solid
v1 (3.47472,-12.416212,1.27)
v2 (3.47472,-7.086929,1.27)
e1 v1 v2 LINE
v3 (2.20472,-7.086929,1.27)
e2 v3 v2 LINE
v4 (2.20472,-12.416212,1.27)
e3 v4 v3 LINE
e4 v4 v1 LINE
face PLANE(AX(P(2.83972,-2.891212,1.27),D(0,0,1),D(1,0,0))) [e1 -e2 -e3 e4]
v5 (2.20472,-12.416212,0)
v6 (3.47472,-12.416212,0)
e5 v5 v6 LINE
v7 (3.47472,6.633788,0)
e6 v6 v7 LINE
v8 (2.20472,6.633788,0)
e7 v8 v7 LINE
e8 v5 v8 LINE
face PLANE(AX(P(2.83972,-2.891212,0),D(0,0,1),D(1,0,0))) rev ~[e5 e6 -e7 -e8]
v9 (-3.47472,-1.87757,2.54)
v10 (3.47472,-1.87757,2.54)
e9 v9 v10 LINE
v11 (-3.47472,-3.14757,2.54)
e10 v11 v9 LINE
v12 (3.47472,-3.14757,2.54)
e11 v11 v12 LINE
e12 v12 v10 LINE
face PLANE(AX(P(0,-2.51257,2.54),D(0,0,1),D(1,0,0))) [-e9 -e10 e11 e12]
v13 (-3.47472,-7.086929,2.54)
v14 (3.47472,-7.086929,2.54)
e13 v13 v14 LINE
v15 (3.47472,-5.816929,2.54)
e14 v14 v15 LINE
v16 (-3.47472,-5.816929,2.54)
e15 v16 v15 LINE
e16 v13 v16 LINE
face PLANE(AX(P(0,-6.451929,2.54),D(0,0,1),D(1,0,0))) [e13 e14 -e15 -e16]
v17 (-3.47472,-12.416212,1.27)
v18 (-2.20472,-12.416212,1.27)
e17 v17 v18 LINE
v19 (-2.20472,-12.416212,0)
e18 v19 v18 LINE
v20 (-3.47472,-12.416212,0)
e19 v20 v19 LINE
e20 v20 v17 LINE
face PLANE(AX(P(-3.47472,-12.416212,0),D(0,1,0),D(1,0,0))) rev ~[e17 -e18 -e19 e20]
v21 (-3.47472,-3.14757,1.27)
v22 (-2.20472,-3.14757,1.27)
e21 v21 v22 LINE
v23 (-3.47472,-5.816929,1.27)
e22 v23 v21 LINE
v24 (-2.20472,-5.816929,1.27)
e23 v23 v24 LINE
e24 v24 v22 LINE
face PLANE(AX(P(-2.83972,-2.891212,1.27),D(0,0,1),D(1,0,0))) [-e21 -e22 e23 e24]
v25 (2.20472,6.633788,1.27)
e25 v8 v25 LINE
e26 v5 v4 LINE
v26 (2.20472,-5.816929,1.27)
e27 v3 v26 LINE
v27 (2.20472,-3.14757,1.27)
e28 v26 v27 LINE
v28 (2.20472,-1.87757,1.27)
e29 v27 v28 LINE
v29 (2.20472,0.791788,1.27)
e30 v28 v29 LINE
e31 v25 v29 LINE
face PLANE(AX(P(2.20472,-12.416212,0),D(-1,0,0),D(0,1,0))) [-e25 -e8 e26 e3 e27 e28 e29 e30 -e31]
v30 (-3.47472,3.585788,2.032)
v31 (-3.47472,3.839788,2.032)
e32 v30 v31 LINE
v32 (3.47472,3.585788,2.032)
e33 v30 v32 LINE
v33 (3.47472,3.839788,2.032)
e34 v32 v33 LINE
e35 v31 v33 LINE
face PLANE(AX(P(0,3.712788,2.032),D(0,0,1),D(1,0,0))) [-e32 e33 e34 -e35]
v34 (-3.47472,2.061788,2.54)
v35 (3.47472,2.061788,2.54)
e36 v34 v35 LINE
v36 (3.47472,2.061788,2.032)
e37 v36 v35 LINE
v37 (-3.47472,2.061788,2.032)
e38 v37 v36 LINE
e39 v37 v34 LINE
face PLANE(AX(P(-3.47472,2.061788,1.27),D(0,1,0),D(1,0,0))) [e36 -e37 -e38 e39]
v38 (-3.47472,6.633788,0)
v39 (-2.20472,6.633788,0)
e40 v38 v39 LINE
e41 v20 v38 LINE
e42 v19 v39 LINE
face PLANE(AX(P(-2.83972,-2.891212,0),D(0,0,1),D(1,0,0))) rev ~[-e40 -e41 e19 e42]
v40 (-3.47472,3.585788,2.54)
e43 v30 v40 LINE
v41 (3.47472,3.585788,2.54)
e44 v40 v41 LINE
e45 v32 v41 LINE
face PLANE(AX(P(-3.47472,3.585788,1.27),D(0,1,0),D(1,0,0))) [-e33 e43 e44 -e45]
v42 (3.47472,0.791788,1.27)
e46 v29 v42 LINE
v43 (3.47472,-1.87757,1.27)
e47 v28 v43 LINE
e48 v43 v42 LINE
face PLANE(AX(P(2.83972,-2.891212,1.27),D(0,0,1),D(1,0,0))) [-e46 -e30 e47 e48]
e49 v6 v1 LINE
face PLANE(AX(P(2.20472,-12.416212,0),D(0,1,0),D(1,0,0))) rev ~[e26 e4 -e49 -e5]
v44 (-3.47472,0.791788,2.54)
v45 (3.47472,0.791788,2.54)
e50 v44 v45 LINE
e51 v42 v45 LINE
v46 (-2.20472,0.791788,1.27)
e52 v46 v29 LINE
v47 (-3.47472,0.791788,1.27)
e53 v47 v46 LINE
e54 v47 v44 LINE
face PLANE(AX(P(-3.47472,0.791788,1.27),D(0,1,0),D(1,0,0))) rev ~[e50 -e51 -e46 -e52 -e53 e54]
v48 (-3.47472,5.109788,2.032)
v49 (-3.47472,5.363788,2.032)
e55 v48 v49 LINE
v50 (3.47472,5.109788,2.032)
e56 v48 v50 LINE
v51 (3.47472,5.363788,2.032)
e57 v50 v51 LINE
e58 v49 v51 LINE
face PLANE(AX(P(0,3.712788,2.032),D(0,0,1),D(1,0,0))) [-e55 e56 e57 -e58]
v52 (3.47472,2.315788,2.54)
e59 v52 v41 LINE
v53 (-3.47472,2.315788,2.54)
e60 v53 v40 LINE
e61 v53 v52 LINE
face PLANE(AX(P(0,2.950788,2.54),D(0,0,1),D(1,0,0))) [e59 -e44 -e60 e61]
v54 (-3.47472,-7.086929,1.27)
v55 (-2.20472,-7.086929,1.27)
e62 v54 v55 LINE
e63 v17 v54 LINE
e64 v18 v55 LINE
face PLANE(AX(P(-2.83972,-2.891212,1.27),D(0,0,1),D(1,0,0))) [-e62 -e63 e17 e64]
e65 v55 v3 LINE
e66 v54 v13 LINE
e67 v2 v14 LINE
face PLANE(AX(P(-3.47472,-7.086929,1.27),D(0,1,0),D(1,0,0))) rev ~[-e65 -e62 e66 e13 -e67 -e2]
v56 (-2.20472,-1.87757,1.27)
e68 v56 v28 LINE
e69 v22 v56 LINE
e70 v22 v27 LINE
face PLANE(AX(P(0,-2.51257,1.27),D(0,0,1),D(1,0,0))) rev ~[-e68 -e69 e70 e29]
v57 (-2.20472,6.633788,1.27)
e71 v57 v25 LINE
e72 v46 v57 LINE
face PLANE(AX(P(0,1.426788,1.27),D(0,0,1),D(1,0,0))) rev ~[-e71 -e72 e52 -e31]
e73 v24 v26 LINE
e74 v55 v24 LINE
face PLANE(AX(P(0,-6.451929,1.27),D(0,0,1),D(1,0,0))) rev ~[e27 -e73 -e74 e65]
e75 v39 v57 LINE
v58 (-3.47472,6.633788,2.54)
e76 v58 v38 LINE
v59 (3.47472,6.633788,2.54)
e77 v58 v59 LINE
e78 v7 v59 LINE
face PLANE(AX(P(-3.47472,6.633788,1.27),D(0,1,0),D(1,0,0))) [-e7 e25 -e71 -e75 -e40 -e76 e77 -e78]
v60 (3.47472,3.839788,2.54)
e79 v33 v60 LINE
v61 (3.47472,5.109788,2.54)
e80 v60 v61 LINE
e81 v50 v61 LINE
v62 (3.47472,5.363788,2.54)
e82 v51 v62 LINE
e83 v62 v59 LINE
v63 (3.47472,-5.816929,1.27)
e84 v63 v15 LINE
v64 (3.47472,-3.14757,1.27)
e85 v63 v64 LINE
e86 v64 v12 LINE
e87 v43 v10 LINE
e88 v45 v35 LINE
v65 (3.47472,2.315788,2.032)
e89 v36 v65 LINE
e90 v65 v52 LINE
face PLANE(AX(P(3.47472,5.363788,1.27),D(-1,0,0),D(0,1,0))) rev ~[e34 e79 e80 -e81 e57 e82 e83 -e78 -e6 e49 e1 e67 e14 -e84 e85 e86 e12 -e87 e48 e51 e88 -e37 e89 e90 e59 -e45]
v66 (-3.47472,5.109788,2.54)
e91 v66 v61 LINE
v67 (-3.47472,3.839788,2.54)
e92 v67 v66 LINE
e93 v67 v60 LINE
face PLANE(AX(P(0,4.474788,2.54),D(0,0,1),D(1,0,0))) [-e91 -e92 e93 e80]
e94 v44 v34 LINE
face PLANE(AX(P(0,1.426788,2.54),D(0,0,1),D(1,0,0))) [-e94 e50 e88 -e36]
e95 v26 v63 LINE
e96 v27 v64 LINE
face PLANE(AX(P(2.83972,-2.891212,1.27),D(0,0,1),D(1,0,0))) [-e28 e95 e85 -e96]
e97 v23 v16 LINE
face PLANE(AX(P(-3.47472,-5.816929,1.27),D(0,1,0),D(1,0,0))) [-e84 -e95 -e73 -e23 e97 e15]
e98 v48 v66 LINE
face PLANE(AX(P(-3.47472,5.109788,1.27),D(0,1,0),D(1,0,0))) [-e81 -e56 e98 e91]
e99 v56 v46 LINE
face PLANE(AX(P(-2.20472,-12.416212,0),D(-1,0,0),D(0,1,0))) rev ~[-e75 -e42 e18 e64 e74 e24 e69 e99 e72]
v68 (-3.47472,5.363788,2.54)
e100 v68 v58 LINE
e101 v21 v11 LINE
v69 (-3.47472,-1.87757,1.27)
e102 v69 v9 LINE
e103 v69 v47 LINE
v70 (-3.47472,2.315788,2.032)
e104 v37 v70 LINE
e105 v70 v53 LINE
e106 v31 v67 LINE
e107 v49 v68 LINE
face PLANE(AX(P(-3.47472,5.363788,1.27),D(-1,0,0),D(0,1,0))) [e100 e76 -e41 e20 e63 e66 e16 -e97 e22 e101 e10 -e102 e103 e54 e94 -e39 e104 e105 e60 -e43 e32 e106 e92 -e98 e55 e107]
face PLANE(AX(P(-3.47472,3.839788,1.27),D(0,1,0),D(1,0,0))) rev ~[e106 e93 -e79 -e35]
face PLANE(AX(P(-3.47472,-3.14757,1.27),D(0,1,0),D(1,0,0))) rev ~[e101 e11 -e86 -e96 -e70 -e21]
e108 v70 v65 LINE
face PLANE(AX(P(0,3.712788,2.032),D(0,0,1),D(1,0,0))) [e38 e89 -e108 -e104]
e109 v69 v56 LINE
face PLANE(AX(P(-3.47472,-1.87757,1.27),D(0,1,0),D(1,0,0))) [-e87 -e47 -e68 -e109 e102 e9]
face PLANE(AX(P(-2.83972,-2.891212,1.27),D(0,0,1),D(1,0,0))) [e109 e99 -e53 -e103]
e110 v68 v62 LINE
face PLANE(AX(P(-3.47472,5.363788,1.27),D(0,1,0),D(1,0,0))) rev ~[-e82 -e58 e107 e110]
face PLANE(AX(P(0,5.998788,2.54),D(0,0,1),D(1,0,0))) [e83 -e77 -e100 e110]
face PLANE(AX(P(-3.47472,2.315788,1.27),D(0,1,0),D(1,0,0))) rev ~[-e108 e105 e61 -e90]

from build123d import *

# Parameters (mm, degrees)
F0_W     = 1.27
F0_H     = 19.05
F1_DEPTH = 1.27
F2_W     = 6.94944
F2_H     = 1.27
F3_DEPTH = 1.27
F4_W     = 6.94944
F4_H     = 5.842
F5_DEPTH = 0.762


with BuildPart() as f1:
    # F0 (on Top) → F1 (new body)
    with BuildSketch(Plane.XY):
        with Locations((-2.83972, -2.891212)):
            Rectangle(F0_W, F0_H)
        with Locations((2.83972, -2.891212)):
            Rectangle(F0_W, F0_H)
    extrude(amount=F1_DEPTH)

    # F2 (on face) → F3 (join)
    with BuildSketch(Plane.XY.offset(1.27)):
        with Locations((0, 5.998788)):
            Rectangle(F2_W, F2_H)
        with Locations((0, 4.474788)):
            Rectangle(F2_W, F2_H)
        with Locations((0, 2.950788)):
            Rectangle(F2_W, F2_H)
        with Locations((0, 1.426788)):
            Rectangle(F2_W, F2_H)
        with Locations((0, -2.51257)):
            Rectangle(F2_W, F2_H)
        with Locations((0, -6.451929)):
            Rectangle(F2_W, F2_H)
    extrude(amount=F3_DEPTH)

    # F4 (on face) → F5 (join)
    with BuildSketch(Plane.XY.offset(1.27)):
        with Locations((0, 3.712788)):
            Rectangle(F4_W, F4_H)
    extrude(amount=F5_DEPTH)


solid = f1.part
